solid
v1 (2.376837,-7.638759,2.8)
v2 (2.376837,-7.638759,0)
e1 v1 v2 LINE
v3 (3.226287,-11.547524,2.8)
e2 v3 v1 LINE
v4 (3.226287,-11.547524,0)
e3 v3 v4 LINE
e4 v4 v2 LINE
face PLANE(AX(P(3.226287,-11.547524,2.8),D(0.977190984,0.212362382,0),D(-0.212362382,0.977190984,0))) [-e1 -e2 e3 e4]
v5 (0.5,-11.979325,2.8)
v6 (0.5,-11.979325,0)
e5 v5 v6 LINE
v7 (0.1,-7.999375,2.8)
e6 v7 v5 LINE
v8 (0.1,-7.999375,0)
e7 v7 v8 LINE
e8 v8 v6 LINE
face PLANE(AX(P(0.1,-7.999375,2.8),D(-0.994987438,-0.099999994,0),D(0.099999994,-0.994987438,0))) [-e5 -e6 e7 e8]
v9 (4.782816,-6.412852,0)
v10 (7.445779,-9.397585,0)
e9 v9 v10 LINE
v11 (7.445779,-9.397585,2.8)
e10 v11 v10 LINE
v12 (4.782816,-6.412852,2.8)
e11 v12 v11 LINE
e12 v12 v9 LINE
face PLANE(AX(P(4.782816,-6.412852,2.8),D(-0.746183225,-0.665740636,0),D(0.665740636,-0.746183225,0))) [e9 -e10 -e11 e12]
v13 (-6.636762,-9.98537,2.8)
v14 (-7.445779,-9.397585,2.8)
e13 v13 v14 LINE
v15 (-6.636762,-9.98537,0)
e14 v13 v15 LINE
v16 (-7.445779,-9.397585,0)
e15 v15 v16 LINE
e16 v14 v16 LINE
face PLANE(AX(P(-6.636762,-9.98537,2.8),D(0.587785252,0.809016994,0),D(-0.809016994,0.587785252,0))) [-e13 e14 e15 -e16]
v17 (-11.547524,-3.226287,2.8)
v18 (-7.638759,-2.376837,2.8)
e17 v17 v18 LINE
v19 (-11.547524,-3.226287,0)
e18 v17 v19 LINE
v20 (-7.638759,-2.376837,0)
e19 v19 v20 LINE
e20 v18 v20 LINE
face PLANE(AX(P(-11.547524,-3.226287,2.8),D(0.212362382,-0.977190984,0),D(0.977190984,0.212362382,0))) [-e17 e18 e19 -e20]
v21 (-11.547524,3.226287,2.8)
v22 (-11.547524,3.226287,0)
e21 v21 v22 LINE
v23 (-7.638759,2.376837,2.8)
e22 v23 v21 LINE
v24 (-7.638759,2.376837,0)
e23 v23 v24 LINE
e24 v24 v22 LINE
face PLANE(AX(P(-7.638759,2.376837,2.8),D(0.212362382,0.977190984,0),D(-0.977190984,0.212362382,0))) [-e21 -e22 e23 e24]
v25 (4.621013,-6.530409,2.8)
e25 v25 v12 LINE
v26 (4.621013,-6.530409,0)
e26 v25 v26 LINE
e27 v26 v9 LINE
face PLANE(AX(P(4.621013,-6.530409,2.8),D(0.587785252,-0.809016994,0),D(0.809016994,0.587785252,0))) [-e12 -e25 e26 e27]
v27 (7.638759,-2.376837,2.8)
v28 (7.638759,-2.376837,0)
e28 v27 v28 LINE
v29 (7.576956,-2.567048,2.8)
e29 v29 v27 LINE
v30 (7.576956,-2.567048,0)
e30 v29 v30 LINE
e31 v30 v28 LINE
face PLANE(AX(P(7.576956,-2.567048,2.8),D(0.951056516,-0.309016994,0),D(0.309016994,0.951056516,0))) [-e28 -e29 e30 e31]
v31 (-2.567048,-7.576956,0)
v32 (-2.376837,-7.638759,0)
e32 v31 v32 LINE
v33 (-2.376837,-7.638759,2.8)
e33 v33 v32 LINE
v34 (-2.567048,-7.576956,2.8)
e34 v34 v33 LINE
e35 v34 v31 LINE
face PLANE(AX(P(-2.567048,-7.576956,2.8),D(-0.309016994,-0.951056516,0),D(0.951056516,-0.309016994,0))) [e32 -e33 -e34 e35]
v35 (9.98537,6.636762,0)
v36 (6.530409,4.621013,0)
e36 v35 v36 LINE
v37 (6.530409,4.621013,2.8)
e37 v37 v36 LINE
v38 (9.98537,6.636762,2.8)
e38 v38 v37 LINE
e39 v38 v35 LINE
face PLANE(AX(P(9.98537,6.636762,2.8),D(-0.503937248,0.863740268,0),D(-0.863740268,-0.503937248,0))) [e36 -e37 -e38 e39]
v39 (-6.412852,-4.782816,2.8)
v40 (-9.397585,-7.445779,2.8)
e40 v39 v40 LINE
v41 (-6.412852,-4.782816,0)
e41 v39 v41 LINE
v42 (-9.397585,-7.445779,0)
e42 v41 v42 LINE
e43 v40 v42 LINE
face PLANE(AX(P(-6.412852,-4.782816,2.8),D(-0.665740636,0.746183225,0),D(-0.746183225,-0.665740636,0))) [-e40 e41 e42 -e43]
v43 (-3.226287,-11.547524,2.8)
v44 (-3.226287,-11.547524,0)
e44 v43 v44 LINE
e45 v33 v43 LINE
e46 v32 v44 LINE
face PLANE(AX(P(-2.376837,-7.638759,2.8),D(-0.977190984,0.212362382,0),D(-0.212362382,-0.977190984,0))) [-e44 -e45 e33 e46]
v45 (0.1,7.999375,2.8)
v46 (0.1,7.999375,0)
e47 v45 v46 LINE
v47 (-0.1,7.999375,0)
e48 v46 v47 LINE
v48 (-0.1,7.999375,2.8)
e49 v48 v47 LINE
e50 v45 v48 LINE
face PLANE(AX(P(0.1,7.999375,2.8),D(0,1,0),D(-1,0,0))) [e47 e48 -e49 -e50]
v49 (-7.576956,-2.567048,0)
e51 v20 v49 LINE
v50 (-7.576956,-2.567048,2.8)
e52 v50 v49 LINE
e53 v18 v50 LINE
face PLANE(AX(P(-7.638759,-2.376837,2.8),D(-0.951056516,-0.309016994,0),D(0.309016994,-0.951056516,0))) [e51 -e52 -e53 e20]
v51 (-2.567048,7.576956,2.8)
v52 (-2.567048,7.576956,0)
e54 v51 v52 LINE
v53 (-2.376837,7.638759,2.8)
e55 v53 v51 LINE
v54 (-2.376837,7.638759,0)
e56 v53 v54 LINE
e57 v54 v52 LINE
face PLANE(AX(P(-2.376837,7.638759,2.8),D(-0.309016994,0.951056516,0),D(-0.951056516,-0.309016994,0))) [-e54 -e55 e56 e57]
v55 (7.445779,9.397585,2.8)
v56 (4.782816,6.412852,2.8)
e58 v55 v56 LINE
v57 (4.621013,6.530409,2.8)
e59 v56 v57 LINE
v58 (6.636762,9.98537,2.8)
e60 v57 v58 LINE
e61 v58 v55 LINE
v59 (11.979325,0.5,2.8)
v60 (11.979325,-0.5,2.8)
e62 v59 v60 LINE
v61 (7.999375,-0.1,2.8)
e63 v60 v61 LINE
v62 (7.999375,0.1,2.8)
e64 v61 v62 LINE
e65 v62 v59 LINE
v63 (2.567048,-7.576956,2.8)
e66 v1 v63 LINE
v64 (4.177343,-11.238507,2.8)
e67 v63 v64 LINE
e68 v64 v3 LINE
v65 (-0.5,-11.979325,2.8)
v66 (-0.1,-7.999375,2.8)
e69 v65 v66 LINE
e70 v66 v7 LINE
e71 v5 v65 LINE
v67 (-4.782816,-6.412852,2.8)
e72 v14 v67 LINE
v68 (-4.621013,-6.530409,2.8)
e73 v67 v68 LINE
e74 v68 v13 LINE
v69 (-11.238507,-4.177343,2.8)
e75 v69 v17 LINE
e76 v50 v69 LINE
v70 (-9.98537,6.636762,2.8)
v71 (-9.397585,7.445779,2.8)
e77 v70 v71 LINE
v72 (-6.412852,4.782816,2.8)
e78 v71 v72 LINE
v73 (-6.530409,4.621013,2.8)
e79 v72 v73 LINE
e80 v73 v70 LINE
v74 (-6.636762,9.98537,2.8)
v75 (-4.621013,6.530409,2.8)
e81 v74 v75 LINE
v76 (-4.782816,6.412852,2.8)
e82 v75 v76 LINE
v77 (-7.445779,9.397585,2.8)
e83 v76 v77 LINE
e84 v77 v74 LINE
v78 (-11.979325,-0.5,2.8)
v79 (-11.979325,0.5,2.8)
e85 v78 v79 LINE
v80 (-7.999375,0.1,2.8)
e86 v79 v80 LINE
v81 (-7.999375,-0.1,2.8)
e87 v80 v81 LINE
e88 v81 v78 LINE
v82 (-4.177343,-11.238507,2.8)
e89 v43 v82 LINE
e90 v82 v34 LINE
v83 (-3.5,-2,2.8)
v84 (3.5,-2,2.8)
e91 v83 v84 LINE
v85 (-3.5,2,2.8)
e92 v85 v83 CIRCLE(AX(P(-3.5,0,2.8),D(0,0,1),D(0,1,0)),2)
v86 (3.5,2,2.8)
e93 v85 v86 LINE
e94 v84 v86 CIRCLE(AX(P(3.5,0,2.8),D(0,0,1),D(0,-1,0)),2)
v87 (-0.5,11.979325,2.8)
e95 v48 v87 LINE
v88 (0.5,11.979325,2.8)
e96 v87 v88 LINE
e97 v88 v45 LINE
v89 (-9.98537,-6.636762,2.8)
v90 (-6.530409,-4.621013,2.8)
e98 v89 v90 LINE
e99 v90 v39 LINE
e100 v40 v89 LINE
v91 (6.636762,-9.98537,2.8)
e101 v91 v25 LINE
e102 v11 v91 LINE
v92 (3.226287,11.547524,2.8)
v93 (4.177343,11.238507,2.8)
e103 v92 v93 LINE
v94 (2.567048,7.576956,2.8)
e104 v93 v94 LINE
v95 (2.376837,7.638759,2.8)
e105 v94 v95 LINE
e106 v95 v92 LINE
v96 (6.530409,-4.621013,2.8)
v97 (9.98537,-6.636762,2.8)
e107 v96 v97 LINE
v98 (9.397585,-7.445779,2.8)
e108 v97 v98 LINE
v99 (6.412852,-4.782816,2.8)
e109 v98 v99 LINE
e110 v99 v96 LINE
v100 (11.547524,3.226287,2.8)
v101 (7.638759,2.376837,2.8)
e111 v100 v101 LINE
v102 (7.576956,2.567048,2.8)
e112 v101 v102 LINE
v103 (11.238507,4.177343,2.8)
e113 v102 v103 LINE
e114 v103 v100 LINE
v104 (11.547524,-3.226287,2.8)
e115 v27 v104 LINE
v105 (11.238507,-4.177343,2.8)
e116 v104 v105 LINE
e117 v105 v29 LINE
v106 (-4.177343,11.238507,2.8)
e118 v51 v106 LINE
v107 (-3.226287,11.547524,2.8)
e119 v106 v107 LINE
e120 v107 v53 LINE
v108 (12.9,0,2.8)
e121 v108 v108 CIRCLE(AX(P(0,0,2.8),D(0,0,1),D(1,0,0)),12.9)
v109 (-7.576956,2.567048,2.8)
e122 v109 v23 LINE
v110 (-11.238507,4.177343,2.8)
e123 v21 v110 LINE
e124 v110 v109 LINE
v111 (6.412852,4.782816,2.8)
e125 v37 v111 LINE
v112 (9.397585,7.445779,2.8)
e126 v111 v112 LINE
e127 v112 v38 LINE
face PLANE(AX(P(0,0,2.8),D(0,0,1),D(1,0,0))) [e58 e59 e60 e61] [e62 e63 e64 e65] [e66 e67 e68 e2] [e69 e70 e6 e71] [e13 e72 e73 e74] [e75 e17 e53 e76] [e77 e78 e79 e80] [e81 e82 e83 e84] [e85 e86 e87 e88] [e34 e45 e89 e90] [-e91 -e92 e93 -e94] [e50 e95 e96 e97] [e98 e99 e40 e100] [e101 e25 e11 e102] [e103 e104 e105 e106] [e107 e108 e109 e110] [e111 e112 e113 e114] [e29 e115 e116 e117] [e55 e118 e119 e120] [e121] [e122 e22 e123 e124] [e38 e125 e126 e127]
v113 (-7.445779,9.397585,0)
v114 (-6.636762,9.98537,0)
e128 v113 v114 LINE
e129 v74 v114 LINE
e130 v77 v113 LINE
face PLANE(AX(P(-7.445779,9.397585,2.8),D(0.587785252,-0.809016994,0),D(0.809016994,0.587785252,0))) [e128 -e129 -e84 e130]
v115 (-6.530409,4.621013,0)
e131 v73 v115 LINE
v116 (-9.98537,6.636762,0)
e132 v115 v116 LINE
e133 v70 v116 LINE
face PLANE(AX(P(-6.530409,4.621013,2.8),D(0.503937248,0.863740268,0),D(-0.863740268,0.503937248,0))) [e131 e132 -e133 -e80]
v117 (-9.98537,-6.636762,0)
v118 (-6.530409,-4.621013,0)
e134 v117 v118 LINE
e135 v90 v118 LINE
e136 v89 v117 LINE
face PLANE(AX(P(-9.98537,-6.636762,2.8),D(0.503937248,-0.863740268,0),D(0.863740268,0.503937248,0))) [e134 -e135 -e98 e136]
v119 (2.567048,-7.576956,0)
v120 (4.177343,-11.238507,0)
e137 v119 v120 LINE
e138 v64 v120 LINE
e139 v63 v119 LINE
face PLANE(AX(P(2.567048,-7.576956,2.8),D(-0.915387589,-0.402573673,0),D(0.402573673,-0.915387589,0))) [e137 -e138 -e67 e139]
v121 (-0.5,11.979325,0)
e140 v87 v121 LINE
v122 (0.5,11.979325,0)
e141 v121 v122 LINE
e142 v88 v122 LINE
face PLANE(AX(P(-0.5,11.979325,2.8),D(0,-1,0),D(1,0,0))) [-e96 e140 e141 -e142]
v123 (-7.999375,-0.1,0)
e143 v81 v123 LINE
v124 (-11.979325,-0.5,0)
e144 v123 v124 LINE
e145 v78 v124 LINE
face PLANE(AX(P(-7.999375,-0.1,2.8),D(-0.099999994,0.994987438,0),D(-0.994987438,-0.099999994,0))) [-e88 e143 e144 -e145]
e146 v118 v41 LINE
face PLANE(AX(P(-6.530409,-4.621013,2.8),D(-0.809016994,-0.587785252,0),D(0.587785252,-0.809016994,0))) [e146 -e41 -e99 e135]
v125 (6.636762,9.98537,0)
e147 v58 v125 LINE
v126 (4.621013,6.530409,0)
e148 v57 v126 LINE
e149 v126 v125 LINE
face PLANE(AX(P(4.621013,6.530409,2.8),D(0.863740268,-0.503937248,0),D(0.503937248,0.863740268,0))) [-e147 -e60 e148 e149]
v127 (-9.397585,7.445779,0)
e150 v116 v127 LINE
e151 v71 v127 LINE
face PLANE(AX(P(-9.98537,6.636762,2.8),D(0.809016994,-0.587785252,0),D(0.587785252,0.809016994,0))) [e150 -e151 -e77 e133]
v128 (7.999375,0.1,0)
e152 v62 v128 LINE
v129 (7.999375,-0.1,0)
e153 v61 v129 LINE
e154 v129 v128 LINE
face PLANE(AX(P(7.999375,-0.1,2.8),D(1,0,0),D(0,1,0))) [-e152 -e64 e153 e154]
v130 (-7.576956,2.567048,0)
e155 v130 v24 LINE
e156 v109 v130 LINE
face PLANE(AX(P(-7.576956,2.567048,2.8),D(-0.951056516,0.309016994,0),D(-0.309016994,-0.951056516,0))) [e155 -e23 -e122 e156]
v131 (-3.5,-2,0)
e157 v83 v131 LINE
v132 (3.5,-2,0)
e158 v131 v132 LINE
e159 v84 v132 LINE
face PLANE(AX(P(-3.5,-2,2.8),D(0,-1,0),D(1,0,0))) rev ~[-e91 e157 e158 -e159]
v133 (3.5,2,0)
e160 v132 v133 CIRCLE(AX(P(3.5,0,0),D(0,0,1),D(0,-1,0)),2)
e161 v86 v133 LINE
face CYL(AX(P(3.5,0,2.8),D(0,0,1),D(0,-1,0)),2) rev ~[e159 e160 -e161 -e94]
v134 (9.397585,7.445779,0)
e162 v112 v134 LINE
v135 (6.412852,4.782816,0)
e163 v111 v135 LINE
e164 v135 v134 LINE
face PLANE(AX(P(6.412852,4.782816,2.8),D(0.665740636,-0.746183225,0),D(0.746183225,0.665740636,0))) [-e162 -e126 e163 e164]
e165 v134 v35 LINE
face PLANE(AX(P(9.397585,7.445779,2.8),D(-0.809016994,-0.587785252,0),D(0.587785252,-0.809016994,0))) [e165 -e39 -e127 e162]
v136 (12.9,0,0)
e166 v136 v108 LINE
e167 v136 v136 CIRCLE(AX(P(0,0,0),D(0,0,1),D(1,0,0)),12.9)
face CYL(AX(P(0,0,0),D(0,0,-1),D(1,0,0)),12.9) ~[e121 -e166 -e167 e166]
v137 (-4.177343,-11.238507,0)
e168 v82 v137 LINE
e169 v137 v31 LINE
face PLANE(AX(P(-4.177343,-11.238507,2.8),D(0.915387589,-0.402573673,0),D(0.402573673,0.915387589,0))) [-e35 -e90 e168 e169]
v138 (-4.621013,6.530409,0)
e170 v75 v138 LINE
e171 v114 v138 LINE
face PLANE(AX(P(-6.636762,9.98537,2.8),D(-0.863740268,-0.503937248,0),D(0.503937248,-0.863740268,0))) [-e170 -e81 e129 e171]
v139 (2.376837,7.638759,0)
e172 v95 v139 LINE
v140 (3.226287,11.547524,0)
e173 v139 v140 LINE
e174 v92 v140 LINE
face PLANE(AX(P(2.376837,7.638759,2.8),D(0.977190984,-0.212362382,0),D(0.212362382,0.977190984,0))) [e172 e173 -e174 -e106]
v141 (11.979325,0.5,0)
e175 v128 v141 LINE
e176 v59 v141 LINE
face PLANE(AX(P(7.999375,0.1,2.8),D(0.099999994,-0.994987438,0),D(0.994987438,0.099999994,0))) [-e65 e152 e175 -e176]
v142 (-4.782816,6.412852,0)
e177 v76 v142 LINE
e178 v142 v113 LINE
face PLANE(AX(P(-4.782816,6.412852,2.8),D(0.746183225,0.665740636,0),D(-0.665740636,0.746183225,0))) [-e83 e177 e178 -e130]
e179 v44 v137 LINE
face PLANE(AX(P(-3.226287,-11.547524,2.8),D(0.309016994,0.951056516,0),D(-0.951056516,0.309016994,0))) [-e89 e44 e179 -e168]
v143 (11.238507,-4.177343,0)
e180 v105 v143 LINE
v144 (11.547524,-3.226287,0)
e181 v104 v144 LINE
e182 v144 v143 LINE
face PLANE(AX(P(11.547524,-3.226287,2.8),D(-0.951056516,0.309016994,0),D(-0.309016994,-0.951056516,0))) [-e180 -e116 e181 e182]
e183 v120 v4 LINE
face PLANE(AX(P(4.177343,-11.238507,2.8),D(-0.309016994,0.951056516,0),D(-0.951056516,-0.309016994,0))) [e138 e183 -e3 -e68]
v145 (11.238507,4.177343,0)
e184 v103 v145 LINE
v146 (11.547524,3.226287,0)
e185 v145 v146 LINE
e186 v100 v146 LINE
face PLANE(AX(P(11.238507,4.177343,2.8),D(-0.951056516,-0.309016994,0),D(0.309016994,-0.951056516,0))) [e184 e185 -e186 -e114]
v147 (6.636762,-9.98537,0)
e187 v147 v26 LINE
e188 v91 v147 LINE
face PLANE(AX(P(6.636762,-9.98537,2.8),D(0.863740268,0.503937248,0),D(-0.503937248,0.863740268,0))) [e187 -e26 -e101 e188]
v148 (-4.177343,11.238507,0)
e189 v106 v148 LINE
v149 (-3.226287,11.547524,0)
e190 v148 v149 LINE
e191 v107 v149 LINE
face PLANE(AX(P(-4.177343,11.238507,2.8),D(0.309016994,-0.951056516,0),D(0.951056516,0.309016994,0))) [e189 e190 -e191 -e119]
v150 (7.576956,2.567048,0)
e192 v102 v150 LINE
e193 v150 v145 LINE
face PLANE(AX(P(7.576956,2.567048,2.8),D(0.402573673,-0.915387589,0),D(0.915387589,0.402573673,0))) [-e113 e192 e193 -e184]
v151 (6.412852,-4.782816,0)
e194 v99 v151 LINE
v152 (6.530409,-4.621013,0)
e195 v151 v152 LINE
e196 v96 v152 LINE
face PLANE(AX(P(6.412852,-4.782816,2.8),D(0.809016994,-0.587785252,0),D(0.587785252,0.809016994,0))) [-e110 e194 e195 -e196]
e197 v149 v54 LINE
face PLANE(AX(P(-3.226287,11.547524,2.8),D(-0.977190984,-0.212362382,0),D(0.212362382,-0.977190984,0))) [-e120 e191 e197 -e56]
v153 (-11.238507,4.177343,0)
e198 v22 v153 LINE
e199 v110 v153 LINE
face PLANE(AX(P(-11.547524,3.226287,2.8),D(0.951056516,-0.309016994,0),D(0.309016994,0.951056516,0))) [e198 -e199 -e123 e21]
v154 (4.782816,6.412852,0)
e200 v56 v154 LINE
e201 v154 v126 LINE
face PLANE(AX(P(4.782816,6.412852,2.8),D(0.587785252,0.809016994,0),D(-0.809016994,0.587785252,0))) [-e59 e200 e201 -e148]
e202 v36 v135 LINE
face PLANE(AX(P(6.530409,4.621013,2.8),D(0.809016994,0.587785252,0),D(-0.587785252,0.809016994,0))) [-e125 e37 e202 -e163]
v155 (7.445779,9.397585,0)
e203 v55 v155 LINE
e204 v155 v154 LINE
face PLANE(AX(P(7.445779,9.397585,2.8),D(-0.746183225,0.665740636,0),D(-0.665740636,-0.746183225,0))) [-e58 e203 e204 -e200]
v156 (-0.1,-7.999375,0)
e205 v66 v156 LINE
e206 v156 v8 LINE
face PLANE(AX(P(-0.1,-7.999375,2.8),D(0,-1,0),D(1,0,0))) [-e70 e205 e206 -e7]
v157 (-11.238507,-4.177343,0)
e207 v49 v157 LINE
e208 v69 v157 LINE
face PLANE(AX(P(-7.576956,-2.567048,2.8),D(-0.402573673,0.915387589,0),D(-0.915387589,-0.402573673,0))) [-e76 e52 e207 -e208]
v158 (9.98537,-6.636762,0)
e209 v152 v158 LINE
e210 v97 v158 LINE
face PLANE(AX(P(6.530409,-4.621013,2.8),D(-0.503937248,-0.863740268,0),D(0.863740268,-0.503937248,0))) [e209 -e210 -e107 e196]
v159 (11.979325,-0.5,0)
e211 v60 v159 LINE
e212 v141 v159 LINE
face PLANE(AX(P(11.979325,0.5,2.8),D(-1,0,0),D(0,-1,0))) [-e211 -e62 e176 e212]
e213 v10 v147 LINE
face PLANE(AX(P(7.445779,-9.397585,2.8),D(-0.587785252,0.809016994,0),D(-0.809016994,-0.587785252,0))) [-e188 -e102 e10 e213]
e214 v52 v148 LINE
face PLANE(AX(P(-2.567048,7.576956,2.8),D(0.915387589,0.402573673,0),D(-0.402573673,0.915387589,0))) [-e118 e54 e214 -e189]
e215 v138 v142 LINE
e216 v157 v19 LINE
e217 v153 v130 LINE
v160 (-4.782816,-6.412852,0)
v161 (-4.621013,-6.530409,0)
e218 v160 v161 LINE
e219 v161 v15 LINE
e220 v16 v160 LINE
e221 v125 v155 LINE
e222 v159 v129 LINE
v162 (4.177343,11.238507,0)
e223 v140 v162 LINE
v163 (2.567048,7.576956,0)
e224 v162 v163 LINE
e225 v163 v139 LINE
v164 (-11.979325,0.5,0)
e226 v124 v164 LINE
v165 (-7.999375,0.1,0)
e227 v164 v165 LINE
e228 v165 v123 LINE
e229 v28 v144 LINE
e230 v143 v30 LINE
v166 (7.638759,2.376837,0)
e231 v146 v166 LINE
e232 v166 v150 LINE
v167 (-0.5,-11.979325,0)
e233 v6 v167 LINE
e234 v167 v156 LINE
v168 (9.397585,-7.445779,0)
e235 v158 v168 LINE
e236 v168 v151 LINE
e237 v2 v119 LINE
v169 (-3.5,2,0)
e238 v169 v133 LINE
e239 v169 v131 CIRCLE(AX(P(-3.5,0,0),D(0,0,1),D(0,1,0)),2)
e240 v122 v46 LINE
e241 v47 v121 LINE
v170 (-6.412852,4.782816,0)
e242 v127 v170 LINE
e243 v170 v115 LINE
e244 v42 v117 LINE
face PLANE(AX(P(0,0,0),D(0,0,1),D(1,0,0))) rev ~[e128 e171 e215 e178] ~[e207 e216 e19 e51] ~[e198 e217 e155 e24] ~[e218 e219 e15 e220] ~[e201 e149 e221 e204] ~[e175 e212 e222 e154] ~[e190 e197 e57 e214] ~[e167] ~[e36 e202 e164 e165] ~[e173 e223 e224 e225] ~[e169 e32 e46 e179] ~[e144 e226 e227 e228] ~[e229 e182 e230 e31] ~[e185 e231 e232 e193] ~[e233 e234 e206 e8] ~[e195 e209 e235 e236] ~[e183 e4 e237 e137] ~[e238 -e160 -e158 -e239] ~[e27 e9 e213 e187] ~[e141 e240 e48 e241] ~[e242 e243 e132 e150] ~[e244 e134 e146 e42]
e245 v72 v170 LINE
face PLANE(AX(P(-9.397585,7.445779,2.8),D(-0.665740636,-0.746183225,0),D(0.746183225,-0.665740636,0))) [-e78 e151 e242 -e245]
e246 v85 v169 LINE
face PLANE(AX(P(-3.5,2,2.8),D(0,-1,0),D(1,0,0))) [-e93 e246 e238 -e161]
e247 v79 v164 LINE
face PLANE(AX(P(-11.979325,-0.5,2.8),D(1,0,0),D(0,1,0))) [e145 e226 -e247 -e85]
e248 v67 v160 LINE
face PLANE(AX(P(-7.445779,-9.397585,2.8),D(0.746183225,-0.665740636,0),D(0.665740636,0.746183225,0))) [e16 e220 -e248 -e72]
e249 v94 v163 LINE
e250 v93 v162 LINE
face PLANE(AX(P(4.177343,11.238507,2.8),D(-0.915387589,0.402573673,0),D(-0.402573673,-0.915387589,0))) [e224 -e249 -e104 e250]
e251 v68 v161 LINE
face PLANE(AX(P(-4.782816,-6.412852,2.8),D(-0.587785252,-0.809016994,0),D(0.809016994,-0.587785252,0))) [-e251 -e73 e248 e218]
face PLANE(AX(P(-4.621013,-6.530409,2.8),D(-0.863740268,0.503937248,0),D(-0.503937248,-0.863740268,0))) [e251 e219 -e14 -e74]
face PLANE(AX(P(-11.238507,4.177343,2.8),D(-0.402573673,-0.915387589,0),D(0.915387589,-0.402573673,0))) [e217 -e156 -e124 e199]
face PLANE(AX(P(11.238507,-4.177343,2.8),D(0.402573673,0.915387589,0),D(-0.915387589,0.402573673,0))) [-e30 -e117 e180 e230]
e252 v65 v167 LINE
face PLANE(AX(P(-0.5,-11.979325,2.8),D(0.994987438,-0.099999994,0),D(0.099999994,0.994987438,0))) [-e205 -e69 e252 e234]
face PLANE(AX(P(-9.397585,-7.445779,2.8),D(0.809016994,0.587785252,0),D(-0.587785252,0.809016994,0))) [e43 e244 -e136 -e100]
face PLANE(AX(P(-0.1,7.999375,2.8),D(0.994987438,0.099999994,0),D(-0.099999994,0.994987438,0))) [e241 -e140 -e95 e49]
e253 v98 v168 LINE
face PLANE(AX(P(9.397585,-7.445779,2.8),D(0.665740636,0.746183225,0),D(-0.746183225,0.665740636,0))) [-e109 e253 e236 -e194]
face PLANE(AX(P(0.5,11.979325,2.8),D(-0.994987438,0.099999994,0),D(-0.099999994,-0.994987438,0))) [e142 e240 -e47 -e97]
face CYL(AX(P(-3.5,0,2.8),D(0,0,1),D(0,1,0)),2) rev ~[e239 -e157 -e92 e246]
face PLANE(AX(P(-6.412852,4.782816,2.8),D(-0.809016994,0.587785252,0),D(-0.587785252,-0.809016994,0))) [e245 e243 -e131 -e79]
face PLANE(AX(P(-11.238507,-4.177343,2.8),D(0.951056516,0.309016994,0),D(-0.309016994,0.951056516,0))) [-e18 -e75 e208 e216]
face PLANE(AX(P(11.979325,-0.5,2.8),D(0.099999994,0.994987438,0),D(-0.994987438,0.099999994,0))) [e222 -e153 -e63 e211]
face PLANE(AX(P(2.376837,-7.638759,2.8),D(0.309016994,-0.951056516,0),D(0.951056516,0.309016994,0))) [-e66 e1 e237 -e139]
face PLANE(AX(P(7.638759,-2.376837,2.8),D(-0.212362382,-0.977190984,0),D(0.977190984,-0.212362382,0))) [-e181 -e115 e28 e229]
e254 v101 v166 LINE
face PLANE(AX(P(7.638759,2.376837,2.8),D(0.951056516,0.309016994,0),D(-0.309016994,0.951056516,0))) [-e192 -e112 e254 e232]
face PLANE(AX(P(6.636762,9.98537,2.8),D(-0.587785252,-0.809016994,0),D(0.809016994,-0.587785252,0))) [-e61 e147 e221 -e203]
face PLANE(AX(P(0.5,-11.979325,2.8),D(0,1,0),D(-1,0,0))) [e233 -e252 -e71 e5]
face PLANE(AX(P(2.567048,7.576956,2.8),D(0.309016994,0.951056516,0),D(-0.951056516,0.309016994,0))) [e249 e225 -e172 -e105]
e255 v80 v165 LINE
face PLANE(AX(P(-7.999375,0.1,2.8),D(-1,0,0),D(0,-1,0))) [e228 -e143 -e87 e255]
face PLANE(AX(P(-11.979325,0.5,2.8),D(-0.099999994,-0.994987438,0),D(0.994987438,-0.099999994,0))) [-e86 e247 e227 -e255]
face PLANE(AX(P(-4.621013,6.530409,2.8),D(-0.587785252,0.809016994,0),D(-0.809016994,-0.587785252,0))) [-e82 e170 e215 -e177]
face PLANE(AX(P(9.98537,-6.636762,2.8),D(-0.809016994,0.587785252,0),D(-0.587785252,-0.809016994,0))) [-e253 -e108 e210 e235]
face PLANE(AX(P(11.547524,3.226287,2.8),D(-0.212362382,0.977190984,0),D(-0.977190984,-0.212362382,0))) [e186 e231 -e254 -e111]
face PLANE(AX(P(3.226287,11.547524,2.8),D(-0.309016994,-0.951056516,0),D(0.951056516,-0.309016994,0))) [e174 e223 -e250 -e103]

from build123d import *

# Parameters (mm, degrees)
SKETCH_R           = 12.9
PAD_DEPTH          = 2.8
POCKET_DEPTH       = 2.801
POCKET001_DEPTH    = 75.988977
POLARPATTERN_COUNT = 20


with BuildPart() as part:
    # Sketch → Pad (new body)
    with BuildSketch(Plane.XY):
        Circle(SKETCH_R)
    extrude(amount=PAD_DEPTH)

    # Sketch001 → Pocket (cut, through all)
    with BuildSketch(Plane.XY.offset(2.8)):
        with BuildLine():
            ThreePointArc((-3.5, 2), (-5.5, 0), (-3.5, -2))
            Line((-3.5, -2), (3.5, -2))
            ThreePointArc((3.5, -2), (5.5, 0), (3.5, 2))
            Line((-3.5, 2), (3.5, 2))
        make_face()
    extrude(amount=-POCKET_DEPTH, mode=Mode.SUBTRACT)

    # Sketch002 → Pocket001 (cut, through all)
    with BuildSketch(Plane.XY.offset(2.8)):
        Polygon((-0.5, 11.979325), (0.5, 11.979325), (0.1, 7.999375), (-0.1, 7.999375), align=None)
    pocket001 = extrude(amount=-POCKET001_DEPTH, mode=Mode.SUBTRACT)

    # PolarPattern: Pocket001 ×20 about axis
    polarpattern_axis = Axis((0, 0, 2.8), (0, 0, 1))
    for i in range(1, POLARPATTERN_COUNT):
        add(pocket001.rotate(polarpattern_axis, i * 360 / POLARPATTERN_COUNT), mode=Mode.SUBTRACT)


solid = part.part
